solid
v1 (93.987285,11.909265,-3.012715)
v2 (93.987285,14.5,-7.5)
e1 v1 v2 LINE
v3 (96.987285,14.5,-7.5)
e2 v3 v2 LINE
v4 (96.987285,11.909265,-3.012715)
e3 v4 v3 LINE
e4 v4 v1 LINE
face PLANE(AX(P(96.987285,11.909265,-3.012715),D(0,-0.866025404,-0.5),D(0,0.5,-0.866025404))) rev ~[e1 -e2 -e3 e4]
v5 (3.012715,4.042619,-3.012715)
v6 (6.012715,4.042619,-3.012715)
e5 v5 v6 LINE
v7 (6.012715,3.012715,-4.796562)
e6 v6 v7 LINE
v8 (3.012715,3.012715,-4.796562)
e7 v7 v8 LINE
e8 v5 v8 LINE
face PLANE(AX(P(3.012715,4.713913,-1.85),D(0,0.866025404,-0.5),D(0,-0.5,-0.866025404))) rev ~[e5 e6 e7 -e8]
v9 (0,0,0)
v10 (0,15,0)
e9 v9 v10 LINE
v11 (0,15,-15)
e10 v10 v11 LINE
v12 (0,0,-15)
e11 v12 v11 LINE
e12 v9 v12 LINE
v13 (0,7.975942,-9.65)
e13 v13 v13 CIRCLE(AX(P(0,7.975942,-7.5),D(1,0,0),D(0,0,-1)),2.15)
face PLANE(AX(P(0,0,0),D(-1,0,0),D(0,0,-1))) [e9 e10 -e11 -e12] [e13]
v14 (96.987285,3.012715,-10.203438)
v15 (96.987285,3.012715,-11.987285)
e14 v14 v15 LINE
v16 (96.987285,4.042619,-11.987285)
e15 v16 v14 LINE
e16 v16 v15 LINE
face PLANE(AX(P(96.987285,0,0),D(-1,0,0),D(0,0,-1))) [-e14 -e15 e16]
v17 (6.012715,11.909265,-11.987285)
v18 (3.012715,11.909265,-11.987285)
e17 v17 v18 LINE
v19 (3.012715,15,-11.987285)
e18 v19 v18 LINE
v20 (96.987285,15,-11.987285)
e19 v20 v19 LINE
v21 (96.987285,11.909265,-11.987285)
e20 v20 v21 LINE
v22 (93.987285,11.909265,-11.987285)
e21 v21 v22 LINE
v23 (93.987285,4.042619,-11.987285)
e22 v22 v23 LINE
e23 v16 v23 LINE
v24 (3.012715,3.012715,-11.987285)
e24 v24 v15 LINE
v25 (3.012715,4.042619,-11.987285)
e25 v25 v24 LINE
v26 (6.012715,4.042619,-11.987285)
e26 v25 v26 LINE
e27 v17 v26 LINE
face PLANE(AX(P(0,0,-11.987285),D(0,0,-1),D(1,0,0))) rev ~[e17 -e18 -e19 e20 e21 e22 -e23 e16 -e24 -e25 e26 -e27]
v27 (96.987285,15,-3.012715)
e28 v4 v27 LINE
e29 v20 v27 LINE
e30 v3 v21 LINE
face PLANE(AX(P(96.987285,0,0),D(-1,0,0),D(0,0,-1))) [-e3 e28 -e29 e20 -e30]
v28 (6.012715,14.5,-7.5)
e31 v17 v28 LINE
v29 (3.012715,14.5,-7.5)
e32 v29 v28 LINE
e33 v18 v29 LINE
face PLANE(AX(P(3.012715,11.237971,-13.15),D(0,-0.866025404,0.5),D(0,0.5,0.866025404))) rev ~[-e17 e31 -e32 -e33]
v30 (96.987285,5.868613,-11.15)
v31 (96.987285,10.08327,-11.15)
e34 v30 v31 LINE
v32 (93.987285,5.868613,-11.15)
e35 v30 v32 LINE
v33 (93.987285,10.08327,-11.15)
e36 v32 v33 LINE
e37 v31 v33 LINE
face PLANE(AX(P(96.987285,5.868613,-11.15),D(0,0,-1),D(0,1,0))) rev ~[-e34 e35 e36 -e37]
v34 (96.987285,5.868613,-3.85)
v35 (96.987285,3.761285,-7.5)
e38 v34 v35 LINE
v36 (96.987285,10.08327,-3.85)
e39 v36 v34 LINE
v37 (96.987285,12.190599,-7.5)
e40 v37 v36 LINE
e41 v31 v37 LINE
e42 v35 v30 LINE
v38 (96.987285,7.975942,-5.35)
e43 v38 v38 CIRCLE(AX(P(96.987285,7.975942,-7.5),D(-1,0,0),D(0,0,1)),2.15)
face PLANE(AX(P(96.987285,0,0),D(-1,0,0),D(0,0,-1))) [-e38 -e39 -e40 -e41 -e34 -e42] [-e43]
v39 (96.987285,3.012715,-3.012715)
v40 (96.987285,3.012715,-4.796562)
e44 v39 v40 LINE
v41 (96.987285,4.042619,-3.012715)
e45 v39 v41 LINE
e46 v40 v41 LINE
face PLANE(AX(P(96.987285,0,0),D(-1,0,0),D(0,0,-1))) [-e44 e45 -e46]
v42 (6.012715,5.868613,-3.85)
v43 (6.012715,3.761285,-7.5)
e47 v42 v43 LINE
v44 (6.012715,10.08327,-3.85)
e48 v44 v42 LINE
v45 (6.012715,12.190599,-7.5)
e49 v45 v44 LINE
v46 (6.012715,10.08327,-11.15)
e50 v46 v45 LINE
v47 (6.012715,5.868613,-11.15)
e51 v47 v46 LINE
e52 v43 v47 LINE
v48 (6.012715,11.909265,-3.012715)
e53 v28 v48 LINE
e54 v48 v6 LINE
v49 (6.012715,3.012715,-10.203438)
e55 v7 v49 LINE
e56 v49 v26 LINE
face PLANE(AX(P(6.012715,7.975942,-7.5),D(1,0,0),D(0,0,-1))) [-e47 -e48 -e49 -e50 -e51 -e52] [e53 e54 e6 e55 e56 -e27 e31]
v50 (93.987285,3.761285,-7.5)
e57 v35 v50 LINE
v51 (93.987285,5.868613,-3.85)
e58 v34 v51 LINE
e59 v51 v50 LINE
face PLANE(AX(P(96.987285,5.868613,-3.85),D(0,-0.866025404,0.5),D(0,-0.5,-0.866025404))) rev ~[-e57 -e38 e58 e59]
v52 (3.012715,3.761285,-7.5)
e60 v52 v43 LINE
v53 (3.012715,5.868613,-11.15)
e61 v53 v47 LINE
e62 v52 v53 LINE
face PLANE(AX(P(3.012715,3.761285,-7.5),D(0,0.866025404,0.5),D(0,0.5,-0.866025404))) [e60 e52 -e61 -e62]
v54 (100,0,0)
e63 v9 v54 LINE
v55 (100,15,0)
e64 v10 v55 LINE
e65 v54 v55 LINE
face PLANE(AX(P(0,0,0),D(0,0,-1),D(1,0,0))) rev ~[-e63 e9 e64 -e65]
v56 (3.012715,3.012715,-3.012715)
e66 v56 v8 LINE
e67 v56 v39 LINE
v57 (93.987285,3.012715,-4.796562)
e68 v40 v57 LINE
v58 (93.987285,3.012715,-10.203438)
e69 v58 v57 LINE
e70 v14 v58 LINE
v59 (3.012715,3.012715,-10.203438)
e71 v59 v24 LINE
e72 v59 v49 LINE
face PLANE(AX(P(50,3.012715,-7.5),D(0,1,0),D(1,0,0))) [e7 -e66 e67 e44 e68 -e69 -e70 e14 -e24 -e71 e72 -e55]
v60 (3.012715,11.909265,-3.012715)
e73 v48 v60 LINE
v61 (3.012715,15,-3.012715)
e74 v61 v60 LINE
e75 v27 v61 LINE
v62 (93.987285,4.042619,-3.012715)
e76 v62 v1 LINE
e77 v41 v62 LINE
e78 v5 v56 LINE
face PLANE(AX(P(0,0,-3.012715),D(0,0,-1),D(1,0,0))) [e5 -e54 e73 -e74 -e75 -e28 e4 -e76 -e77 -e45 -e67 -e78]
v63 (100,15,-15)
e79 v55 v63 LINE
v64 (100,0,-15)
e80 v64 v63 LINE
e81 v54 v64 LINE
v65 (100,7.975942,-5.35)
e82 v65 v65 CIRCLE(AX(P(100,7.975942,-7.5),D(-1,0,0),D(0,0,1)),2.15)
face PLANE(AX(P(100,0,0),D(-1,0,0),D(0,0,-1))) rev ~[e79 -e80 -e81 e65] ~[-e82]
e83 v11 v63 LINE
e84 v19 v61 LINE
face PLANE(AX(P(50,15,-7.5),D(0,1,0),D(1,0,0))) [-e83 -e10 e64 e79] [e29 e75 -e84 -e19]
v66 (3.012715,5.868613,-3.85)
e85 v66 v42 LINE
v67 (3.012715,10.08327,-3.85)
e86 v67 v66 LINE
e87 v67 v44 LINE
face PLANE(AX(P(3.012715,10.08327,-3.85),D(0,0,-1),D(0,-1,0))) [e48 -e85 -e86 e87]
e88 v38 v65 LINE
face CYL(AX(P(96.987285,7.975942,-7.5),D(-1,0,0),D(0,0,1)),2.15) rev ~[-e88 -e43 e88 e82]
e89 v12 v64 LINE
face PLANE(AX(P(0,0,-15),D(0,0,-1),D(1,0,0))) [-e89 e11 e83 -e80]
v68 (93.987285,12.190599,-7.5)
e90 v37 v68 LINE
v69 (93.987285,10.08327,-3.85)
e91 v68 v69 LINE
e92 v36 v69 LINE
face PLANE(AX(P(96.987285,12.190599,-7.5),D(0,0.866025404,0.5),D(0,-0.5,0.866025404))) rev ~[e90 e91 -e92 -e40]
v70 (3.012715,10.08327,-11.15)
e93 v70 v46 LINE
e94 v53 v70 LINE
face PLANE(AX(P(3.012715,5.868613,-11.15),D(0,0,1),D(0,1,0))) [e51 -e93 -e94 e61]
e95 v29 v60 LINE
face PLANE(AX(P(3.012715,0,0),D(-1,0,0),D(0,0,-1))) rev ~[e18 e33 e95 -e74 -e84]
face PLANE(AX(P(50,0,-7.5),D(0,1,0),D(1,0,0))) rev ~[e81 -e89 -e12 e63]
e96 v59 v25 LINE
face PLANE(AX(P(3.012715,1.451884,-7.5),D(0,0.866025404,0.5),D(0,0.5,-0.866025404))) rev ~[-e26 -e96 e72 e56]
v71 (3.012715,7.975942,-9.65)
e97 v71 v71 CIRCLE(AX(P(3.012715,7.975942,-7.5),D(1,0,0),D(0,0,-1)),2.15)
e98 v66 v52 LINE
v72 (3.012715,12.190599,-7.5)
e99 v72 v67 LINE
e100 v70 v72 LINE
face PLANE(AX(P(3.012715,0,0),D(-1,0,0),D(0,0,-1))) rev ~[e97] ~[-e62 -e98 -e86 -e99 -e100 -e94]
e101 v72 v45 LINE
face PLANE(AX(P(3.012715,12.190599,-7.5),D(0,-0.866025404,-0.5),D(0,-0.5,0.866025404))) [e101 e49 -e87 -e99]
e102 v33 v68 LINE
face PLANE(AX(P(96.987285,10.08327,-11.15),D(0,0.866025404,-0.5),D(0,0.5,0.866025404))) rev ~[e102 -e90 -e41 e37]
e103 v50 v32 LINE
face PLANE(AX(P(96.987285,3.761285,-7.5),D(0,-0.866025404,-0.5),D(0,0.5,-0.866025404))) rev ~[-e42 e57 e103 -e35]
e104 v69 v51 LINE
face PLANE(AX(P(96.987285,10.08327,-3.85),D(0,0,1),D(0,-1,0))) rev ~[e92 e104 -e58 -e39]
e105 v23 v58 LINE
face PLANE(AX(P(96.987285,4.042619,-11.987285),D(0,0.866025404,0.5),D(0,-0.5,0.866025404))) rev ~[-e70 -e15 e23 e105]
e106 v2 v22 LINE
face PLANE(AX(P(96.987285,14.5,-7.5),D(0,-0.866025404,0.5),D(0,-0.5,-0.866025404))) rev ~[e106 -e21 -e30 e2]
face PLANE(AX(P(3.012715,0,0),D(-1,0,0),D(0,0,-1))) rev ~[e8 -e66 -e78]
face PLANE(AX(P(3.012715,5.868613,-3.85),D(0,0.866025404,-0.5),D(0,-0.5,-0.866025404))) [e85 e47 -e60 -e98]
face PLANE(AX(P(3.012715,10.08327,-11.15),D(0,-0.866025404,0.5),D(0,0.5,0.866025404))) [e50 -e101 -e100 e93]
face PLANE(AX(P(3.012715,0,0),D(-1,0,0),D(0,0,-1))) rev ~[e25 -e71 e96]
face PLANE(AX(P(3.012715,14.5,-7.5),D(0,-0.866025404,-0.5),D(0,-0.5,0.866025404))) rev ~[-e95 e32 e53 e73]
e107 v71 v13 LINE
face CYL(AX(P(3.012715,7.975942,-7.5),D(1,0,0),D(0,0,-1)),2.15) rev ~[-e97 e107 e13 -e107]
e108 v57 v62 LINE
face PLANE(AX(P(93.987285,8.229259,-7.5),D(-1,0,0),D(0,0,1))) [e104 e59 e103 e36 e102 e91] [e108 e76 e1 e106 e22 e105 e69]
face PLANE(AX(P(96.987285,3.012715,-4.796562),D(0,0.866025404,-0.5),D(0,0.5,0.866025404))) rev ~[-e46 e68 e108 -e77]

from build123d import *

# Parameters (mm, degrees)
SKETCH_1_W          = 100
SKETCH_1_H          = 15
EXTRUDE_1_DEPTH     = 15
SHELL_1_T           = -3.01271481
EXTRUDE_2_DEPTH     = 3
SKETCH_4_R          = 2.15
CUT_EXTRUDE_1_DEPTH = 4.01271481
EXTRUDE_3_DEPTH     = 3
SKETCH_6_R          = 2.15
CUT_EXTRUDE_2_DEPTH = 4.01271481


with BuildPart() as part:
    # 草图1 → 凸台-拉伸1 (new body)
    with BuildSketch(Plane(origin=(0, 0, 0), x_dir=(1, 0, 0), z_dir=(0, 1, 0))):
        with Locations((50, 7.5)):
            Rectangle(SKETCH_1_W, SKETCH_1_H)
    extrude(amount=EXTRUDE_1_DEPTH)

    # 抽壳1
    shell_1_openings = [part.faces().sort_by_distance(p)[0] for p in [
        (50, 15, -7.5),
    ]]
    offset(amount=SHELL_1_T, openings=shell_1_openings, kind=Kind.INTERSECTION)

    # 草图3 → 凸台-拉伸2 (add)
    with BuildSketch(Plane(origin=(3.01271481, 0, 0), x_dir=(0, 0, -1), z_dir=(1, 0, 0))):
        Polygon((1.85, 4.713912937), (7.5, 1.451883916), (13.15, 4.713912937), (13.15, 11.237970979), (7.5, 14.5), (1.85, 11.237970979), align=None)
        Polygon((7.5, 3.761284993), (11.15, 5.868613476), (11.15, 10.083270441), (7.5, 12.190598923), (3.85, 10.083270441), (3.85, 5.868613476), align=None, mode=Mode.SUBTRACT)
    extrude(amount=EXTRUDE_2_DEPTH)

    # 草图4 → 切除-拉伸1 (cut, through all)
    with BuildSketch(Plane(origin=(3.01271481, 0, 0), x_dir=(0, 0, -1), z_dir=(1, 0, 0))):
        with Locations((7.5, 7.975941958)):
            Circle(SKETCH_4_R)
    extrude(amount=-CUT_EXTRUDE_1_DEPTH, mode=Mode.SUBTRACT)

    # 草图5 → 凸台-拉伸3 (add)
    with BuildSketch(Plane.ZY.offset(-96.98728519)):
        Polygon((-3.01271481, 11.909264688), (-7.5, 14.5), (-11.98728519, 11.909264688), (-11.98728519, 4.042619229), (-10.20343841, 3.01271481), (-4.79656159, 3.01271481), (-3.01271481, 4.042619229), align=None)
        Polygon((-11.15, 10.083270441), (-7.5, 12.190598923), (-3.85, 10.083270441), (-3.85, 5.868613476), (-7.5, 3.761284993), (-11.15, 5.868613476), align=None, mode=Mode.SUBTRACT)
    extrude(amount=EXTRUDE_3_DEPTH)

    # 草图6 → 切除-拉伸2 (cut, through all)
    with BuildSketch(Plane.ZY.offset(-96.98728519)):
        with Locations((-7.5, 7.975941958)):
            Circle(SKETCH_6_R)
    extrude(amount=-CUT_EXTRUDE_2_DEPTH, mode=Mode.SUBTRACT)


solid = part.part
